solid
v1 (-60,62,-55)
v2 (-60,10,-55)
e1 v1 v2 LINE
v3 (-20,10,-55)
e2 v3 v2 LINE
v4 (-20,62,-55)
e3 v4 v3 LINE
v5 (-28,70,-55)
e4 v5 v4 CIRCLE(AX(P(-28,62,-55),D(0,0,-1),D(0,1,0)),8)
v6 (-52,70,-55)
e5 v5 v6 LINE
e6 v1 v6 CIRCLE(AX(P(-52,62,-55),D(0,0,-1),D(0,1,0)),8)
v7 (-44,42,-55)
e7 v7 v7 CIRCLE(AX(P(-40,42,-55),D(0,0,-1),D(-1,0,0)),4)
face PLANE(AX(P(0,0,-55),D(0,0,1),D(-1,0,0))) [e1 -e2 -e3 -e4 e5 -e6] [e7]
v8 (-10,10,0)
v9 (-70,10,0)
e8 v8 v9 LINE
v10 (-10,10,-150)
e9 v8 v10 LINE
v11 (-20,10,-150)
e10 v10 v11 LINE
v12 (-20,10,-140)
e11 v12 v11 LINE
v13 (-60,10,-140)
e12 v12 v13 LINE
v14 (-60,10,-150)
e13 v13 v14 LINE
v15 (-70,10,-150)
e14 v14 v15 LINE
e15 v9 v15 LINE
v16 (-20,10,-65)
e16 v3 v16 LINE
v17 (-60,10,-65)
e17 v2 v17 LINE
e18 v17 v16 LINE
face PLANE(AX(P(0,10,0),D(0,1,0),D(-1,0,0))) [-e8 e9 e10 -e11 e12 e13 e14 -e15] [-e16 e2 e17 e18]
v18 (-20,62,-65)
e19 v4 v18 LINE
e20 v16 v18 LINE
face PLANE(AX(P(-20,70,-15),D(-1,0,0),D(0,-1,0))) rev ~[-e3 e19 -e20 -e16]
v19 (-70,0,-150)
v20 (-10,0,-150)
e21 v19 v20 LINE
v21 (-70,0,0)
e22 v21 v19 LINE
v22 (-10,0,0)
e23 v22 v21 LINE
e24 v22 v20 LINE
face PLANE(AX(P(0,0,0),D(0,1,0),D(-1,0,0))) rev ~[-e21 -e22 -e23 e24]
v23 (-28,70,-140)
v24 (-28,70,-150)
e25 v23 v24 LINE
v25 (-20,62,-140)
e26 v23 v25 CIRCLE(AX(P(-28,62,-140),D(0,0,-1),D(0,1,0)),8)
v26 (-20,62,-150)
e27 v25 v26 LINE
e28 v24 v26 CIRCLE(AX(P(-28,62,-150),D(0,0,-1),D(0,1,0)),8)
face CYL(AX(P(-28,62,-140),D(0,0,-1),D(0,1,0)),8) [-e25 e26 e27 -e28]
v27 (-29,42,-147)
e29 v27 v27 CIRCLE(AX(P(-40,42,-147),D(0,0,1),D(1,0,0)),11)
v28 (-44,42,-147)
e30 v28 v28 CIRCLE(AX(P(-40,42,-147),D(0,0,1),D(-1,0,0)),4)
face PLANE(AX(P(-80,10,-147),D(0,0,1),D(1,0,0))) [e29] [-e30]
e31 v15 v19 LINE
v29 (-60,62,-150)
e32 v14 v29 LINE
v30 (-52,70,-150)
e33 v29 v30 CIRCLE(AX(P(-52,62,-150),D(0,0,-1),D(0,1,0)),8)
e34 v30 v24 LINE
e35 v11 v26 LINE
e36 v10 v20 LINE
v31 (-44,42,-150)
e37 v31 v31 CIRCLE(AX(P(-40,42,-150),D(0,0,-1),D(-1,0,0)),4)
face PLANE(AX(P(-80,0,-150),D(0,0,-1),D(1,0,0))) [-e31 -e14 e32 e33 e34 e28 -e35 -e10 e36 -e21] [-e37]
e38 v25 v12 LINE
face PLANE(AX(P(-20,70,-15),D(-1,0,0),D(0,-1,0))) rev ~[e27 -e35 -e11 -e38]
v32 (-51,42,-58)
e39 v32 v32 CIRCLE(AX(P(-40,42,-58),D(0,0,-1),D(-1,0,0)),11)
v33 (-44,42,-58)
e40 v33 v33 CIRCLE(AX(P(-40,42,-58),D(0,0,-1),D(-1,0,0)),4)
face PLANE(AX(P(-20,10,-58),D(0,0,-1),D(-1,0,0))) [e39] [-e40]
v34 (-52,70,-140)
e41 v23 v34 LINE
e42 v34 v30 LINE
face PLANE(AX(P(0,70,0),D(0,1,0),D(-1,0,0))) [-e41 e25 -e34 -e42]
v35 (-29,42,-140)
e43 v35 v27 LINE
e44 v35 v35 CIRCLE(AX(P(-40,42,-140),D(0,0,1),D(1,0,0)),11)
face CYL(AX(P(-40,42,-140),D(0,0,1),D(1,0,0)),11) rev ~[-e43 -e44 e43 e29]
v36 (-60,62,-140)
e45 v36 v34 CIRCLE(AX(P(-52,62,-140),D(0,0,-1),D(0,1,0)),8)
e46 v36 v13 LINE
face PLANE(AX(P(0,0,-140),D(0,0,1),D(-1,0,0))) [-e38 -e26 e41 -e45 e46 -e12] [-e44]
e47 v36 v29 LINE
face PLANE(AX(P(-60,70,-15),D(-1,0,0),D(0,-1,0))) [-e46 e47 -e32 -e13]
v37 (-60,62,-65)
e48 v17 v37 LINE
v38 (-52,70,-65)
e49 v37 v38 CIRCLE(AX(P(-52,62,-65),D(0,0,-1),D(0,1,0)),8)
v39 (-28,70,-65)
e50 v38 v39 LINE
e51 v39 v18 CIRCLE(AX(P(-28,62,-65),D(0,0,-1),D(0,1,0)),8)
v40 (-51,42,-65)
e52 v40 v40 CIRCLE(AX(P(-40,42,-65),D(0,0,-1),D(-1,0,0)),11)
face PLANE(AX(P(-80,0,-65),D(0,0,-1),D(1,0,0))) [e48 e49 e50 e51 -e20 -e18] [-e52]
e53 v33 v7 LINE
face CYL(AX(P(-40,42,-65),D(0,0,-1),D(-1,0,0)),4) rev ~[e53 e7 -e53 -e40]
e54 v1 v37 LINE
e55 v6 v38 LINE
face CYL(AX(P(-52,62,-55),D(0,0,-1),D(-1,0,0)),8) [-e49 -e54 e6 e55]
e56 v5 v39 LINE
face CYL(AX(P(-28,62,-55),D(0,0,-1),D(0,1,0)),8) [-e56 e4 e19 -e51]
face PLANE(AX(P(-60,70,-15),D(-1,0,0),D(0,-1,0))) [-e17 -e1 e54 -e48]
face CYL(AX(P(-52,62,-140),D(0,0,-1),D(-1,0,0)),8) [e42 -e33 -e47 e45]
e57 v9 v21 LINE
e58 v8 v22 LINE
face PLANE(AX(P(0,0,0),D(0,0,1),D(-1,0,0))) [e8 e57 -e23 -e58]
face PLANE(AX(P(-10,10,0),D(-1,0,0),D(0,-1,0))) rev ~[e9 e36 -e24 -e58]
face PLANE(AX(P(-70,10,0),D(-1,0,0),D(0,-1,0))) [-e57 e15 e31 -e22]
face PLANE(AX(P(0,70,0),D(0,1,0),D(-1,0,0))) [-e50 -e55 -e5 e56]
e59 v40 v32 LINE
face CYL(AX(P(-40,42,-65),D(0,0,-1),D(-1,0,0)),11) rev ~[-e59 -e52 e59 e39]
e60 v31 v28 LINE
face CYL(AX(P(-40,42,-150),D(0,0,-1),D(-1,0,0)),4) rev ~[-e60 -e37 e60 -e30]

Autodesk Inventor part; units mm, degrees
ref_plane "YZ Plane" through (0, 0, 0) normal (1, 0, 0) x (0, 1, 0)
ref_plane "XZ Plane" through (0, 0, 0) normal (0, 1, 0) x (-1, 0, 0)
ref_plane "XY Plane" through (0, 0, 0) normal (0, 0, 1) x (1, 0, 0)
sketch "Boceto1" plane through (0, 0, 0) normal (0, 1, 0) x (-1, 0, 0)
  line L0 (0, 0) -> (80, 0)
  line L1 (80, 0) -> (80, -150)
  line L2 (80, -150) -> (0, -150)
  line L3 (0, -150) -> (0, 0)
  line L4 (80, -150) -> (0, -150)
  line L5 (0, -150) -> (0, -140)
  line L6 (0, -140) -> (80, -140)
  line L7 (80, -140) -> (80, -150)
  line L8 (80, -65) -> (0, -65)
  line L9 (0, -65) -> (0, -55)
  line L10 (0, -55) -> (80, -55)
  line L11 (80, -55) -> (80, -65)
  line L12 (80, -25) -> (0, -25)
  line L13 (0, -25) -> (0, -15)
  line L14 (0, -15) -> (80, -15)
  line L15 (80, -15) -> (80, -25)
  point P0 (0, -65)
  point P1 (0, -15)
  point P2 (0, -25)
  point P3 (0, -55)
  point P4 (80, -55)
  dimension "d0" = 80
  dimension "d1" = 150
  dimension "d4" = 80
  dimension "d5" = 10
  dimension "d6" = 80
  dimension "d7" = 10
  dimension "d8" = 80
  dimension "d9" = 10
  dimension "d17" = 75
  dimension "d19" = 30
extrude "Extrusión1" add sketch "Boceto1" along normal blind 10 contours L0 L1 L14 L3 | L12 L1 L10 L3 | L8 L1 L6 L3
extrude "Extrusión2" add sketch "Boceto1" along normal blind 70 contours L14 L1 L12 L3 | L10 L1 L8 L3 | L6 L1 L2 L3
sketch "Boceto3" plane through (0, 0, -150) normal (0, 0, -1) x (-1, 0, 0)
  circle A0 centre (40, 42) radius 4
  line L0 (0, 0) -> (0, 70) projected
  line L1 (0, 70) -> (80, 70) projected
  line L2 (80, 10) -> (0, 10) projected
  circle A1 centre (40, 42) radius 11
  dimension "d12" = 8
  dimension "d13" = 40
  dimension "d18" = 32
  dimension "d54" = 22
extrude "Extrusión3" cut sketch "Boceto3" against normal blind 10 contours A0
sketch "Boceto4" plane through (-80, 10, -15) normal (0, 0, 1) x (1, 0, 0)
  circle A0 centre (40, 32) radius 4 projected
  circle A1 centre (40, 32) radius 4
  circle A2 centre (40, 32) radius 12.5
  circle A3 centre (24.5, 47.4996) radius 1.5
  circle A4 centre (55.5, 47.4996) radius 1.5
  circle A5 centre (24.5009, 16.4996) radius 1.5
  circle A6 centre (55.4991, 16.4996) radius 1.5
  point P0 (80, -10)
  dimension "d20" = 8
  dimension "d21" = 25
  dimension "d26" = 3
  dimension "d27" = 21.92
  dimension "d28" = 3
  dimension "d29" = 21.92
  dimension "d30" = 3
  dimension "d31" = 3
  dimension "d32" = 21.92
  dimension "d33" = 21.92
  dimension "d47" = 0
  dimension "d48" = 31
  dimension "d51" = 0
  dimension "d53" = 31
extrude "Extrusión4" cut sketch "Boceto4" against normal blind 10 contours A0
extrude "Extrusión6" cut sketch "Boceto4" against normal blind 8 contours A2
sketch "Boceto5" plane through (0, 10, -65) normal (0, 0, -1) x (-1, 0, 0)
  circle A0 centre (40, 32) radius 4 projected
  circle A1 centre (40, 32) radius 4
  point P0 (0, -10)
  dimension "d44" = 8
extrude "Extrusión7" cut sketch "Boceto5" against normal blind 10
sketch "Boceto6" plane through (-80, 10, -140) normal (0, 0, 1) x (1, 0, 0)
  circle A0 centre (40, 32) radius 4 projected
  circle A1 centre (40, 32) radius 11
  point P0 (80, -10)
  dimension "d55" = 22
extrude "Extrusión8" cut sketch "Boceto6" against normal blind 7
sketch "Boceto7" plane through (-80, 10, -15) normal (0, 0, 1) x (1, 0, 0)
  line L0 (0, -10) -> (0, 60) projected
  line L1 (0, 0) -> (80, 0) projected
  line L2 (0, 60) -> (20, 60)
  line L3 (20, 60) -> (20, 0)
  line L4 (20, 0) -> (0, 0)
  line L5 (0, 0) -> (0, 60)
  line L6 (80, 60) -> (60, 60)
  line L7 (60, 60) -> (60, 0)
  line L8 (60, 0) -> (80, 0)
  line L9 (80, 0) -> (80, 60)
  point P0 (80, -10)
  dimension "d58" = 20
  dimension "d59" = 20
extrude "Extrusión9" cut sketch "Boceto7" against normal blind 150
fillet "Empalme1" radius 8 1 edges at (-20, 70, -20)
fillet "Empalme2" radius 8 1 edges at (-60, 70, -20)
fillet "Empalme3" radius 8 1 edges at (-60, 70, -60)
fillet "Empalme4" radius 8 1 edges at (-20, 70, -60)
fillet "Empalme5" radius 8 1 edges at (-60, 70, -145)
fillet "Empalme6" radius 8 1 edges at (-20, 70, -145)
sketch "Boceto8" plane through (-20, 10, -65) normal (0, 0, -1) x (-1, 0, 0)
  circle A0 centre (20, 32) radius 11 projected
  circle A1 centre (20, 32) radius 11
  point P0 (-20, -10)
  dimension "d68" = 22
extrude "Extrusión10" cut sketch "Boceto8" against normal blind 7
sketch "Boceto9" plane through (-80, 0, 0) normal (0, 0, 1) x (1, 0, 0)
  line L0 (0, 0) -> (80, 0) projected
  line L1 (0, 10) -> (10, 10)
  line L2 (10, 10) -> (10, 0)
  line L3 (10, 0) -> (0, 0)
  line L4 (0, 0) -> (0, 10)
  line L5 (0, 10) -> (80, 10) projected
  line L6 (80, 10) -> (70, 10)
  line L7 (70, 10) -> (70, 0)
  line L8 (70, 0) -> (80, 0)
  line L9 (80, 0) -> (80, 10)
  dimension "d71" = 10
  dimension "d72" = 10
extrude "Extrusión11" cut sketch "Boceto9" against normal blind 150 contours L4 L1 L2 L0 | L7 L5 L9 L0
sketch "Boceto10" plane through (-60, 10, -15) normal (0, 0, 1) x (1, 0, 0)
  line L0 (0, 52) -> (0, 0) projected
  line L1 (0, 0) -> (40, 0)
  line L2 (40, 0) -> (40, 60)
  line L3 (40, 60) -> (0, 60)
  line L4 (0, 60) -> (0, 0)
  point P0 (60, -10)
  dimension "d75" = 40
  dimension "d76" = 60
extrude "Extrusión12" cut sketch "Boceto10" against normal blind 10
properties part number "SOPORTE - INFERIOR"
